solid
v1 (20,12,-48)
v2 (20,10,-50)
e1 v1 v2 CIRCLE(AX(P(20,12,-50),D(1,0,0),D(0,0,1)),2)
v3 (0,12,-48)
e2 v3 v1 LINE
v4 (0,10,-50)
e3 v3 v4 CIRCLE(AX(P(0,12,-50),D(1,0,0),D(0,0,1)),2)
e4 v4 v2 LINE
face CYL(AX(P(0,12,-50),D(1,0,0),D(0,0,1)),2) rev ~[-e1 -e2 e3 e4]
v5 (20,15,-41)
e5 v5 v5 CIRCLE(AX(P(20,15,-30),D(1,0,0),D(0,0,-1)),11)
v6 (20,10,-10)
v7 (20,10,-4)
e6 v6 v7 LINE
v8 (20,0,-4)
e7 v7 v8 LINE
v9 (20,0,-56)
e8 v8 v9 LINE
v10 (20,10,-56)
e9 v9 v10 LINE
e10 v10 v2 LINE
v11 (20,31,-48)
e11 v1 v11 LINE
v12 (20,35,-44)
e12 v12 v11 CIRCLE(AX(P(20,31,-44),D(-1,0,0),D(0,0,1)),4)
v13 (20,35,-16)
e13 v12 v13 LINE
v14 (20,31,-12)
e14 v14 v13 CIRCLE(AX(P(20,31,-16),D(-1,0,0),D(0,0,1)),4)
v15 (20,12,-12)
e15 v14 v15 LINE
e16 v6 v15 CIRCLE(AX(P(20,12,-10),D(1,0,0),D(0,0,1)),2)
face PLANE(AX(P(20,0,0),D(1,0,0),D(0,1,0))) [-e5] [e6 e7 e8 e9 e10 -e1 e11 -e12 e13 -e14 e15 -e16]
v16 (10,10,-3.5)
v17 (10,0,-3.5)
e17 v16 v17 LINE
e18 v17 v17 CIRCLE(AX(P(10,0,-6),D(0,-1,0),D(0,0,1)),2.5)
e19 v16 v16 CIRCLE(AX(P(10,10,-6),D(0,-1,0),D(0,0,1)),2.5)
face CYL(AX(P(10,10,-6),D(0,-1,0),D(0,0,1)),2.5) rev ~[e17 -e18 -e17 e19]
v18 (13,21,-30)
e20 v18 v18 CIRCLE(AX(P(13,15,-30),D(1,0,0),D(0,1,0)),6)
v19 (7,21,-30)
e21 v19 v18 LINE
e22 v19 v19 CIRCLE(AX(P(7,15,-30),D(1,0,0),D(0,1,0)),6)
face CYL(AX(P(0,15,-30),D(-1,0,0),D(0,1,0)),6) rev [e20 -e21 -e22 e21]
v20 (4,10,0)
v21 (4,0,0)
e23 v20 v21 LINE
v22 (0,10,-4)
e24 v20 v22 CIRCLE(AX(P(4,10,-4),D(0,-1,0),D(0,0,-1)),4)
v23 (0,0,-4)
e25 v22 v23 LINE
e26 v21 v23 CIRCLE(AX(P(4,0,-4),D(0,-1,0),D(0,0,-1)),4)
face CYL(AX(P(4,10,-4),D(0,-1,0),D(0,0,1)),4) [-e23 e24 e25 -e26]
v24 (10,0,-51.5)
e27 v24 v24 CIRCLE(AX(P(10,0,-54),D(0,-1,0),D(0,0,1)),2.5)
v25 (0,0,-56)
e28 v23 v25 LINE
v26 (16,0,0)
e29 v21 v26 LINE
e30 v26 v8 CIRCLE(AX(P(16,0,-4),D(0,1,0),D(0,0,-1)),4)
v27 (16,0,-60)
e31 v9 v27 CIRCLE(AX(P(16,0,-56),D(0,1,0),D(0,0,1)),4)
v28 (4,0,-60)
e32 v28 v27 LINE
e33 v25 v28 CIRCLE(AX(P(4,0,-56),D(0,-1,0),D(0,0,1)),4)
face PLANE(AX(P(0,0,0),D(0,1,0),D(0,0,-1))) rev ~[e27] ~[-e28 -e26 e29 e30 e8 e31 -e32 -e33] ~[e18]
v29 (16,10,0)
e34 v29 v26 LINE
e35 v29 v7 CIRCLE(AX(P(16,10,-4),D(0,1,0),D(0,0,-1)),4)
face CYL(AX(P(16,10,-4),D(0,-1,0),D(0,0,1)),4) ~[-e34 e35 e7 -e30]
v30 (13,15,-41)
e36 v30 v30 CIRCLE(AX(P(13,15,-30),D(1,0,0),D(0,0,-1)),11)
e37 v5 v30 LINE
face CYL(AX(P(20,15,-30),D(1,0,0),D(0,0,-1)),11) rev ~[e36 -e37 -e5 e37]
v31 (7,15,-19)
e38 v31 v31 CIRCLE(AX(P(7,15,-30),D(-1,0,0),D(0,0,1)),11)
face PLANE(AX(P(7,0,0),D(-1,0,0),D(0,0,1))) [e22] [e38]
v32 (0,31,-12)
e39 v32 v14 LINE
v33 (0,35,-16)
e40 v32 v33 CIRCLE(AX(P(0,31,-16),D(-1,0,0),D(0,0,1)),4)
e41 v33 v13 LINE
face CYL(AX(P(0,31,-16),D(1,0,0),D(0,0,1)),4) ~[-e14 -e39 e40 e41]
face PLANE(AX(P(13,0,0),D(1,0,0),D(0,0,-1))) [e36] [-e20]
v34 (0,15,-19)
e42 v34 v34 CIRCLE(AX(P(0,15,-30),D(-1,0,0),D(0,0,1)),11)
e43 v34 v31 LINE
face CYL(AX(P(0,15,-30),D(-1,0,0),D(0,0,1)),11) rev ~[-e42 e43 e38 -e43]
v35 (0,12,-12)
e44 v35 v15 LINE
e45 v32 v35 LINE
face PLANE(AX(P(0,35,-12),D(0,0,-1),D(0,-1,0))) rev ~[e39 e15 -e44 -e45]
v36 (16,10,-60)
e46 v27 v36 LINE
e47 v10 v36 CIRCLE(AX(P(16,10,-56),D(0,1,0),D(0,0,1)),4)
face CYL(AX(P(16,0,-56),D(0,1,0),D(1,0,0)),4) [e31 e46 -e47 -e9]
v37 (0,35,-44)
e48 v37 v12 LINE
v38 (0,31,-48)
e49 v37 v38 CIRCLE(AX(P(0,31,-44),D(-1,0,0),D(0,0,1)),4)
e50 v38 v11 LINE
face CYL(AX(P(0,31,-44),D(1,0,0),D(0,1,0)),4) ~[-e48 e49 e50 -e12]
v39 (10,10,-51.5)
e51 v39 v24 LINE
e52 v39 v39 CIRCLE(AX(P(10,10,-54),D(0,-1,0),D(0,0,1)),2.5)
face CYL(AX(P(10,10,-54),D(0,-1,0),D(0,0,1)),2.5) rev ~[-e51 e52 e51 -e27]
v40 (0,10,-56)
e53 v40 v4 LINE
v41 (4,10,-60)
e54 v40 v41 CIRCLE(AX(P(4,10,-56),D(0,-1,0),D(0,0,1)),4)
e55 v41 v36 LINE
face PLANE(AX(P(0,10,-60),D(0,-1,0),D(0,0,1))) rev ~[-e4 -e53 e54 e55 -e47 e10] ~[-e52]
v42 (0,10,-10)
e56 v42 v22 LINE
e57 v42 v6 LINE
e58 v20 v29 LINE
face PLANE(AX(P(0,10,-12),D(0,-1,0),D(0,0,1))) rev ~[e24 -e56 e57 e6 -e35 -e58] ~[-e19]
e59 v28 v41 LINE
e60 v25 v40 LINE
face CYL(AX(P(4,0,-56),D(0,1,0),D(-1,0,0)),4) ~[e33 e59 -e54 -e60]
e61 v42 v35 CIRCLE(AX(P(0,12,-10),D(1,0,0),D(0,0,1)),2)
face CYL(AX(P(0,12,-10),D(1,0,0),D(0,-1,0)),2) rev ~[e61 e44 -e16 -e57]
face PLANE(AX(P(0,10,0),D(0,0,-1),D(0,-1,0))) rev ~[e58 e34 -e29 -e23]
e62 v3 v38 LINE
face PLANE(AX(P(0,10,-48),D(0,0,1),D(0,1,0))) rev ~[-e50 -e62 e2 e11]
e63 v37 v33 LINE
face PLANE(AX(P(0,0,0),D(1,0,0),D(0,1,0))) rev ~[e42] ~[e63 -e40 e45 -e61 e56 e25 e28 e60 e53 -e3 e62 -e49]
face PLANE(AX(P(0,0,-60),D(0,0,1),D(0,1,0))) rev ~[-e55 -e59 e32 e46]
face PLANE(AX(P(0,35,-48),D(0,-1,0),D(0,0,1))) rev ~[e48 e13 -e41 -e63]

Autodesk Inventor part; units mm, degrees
ref_plane "YZ Plane" through (0, 0, 0) normal (1, 0, 0) x (0, 1, 0)
ref_plane "XZ Plane" through (0, 0, 0) normal (0, 1, 0) x (-1, 0, 0)
ref_plane "XY Plane" through (0, 0, 0) normal (0, 0, 1) x (1, 0, 0)
sketch "Boceto1" plane through (0, 0, 0) normal (1, 0, 0) x (0, 1, 0)
  line L0 (0, 0) -> (0, -60)
  line L1 (0, -60) -> (10, -60)
  line L2 (10, -60) -> (10, -48)
  line L3 (10, -48) -> (35, -48)
  line L4 (35, -48) -> (35, -12)
  line L5 (35, -12) -> (10, -12)
  line L6 (10, -12) -> (10, 0)
  line L7 (10, 0) -> (0, 0)
  circle A0 centre (15, -30) radius 6
  dimension "d0" = 36
  dimension "d1" = 12
  dimension "d2" = 12
  dimension "d3" = 35
  dimension "d4" = 10
  dimension "d5" = 20
  dimension "d6" = 18
  dimension "d7" = 12
extrude "Extrusión1" add sketch "Boceto1" along normal blind 20
sketch "Boceto2" plane through (20, 0, 0) normal (1, 0, 0) x (0, 0, -1)
  circle A0 centre (30, 15) radius 6 projected
  circle A1 centre (30, 15) radius 11
  point P0 (0, 0)
  dimension "d10" = 22
extrude "Extrusión2" cut sketch "Boceto2" against normal blind 7
sketch "Boceto3" plane through (0, 0, 0) normal (-1, 0, 0) x (0, 0, 1)
  circle A0 centre (-30, 15) radius 6 projected
  circle A1 centre (-30, 15) radius 11
  point P0 (0, 0)
  dimension "d13" = 22
extrude "Extrusión3" cut sketch "Boceto3" against normal blind 7
sketch "Boceto4" plane through (0, 10, 0) normal (0, 1, 0) x (1, 0, 0)
  line L0 (20, 12) -> (20, 0) projected
  line L1 (0, 12) -> (0, 0) projected
  line L2 (20, 60) -> (20, 48) projected
  line L3 (0, 12) -> (20, 12) projected
  line L4 (0, 0) -> (20, 0) projected
  line L5 (0, 60) -> (20, 60) projected
  point P0 (10, 6)
  point P1 (10, 54)
  dimension "d16" = 20
  dimension "d17" = 10
  dimension "d18" = 10
  dimension "d19" = 12
  dimension "d20" = 6
  dimension "d21" = 6
hole "Agujero1" at (10, 10, -6) at (10, 10, -54) direction (0, -1, 0) diameter 5 end through all
fillet "Empalme1" radius 4 4 edges at (20, 5, 0) (20, 5, -60) (0, 5, -60) (0, 5, 0)
fillet "Empalme2" radius 2 2 edges at (10, 10, -12) (10, 10, -48)
fillet "Empalme3" radius 4 2 edges at (10, 35, -12) (10, 35, -48)
equation "\"d2\" = d1"
equation "\"d6\" = 0.5 * d0"
equation "\"d17\" = 0.5 * d16"
equation "\"d18\" = d17"
equation "\"d20\" = 0.5 * d19"
properties part number "Soporte_rueda_aluminio"
